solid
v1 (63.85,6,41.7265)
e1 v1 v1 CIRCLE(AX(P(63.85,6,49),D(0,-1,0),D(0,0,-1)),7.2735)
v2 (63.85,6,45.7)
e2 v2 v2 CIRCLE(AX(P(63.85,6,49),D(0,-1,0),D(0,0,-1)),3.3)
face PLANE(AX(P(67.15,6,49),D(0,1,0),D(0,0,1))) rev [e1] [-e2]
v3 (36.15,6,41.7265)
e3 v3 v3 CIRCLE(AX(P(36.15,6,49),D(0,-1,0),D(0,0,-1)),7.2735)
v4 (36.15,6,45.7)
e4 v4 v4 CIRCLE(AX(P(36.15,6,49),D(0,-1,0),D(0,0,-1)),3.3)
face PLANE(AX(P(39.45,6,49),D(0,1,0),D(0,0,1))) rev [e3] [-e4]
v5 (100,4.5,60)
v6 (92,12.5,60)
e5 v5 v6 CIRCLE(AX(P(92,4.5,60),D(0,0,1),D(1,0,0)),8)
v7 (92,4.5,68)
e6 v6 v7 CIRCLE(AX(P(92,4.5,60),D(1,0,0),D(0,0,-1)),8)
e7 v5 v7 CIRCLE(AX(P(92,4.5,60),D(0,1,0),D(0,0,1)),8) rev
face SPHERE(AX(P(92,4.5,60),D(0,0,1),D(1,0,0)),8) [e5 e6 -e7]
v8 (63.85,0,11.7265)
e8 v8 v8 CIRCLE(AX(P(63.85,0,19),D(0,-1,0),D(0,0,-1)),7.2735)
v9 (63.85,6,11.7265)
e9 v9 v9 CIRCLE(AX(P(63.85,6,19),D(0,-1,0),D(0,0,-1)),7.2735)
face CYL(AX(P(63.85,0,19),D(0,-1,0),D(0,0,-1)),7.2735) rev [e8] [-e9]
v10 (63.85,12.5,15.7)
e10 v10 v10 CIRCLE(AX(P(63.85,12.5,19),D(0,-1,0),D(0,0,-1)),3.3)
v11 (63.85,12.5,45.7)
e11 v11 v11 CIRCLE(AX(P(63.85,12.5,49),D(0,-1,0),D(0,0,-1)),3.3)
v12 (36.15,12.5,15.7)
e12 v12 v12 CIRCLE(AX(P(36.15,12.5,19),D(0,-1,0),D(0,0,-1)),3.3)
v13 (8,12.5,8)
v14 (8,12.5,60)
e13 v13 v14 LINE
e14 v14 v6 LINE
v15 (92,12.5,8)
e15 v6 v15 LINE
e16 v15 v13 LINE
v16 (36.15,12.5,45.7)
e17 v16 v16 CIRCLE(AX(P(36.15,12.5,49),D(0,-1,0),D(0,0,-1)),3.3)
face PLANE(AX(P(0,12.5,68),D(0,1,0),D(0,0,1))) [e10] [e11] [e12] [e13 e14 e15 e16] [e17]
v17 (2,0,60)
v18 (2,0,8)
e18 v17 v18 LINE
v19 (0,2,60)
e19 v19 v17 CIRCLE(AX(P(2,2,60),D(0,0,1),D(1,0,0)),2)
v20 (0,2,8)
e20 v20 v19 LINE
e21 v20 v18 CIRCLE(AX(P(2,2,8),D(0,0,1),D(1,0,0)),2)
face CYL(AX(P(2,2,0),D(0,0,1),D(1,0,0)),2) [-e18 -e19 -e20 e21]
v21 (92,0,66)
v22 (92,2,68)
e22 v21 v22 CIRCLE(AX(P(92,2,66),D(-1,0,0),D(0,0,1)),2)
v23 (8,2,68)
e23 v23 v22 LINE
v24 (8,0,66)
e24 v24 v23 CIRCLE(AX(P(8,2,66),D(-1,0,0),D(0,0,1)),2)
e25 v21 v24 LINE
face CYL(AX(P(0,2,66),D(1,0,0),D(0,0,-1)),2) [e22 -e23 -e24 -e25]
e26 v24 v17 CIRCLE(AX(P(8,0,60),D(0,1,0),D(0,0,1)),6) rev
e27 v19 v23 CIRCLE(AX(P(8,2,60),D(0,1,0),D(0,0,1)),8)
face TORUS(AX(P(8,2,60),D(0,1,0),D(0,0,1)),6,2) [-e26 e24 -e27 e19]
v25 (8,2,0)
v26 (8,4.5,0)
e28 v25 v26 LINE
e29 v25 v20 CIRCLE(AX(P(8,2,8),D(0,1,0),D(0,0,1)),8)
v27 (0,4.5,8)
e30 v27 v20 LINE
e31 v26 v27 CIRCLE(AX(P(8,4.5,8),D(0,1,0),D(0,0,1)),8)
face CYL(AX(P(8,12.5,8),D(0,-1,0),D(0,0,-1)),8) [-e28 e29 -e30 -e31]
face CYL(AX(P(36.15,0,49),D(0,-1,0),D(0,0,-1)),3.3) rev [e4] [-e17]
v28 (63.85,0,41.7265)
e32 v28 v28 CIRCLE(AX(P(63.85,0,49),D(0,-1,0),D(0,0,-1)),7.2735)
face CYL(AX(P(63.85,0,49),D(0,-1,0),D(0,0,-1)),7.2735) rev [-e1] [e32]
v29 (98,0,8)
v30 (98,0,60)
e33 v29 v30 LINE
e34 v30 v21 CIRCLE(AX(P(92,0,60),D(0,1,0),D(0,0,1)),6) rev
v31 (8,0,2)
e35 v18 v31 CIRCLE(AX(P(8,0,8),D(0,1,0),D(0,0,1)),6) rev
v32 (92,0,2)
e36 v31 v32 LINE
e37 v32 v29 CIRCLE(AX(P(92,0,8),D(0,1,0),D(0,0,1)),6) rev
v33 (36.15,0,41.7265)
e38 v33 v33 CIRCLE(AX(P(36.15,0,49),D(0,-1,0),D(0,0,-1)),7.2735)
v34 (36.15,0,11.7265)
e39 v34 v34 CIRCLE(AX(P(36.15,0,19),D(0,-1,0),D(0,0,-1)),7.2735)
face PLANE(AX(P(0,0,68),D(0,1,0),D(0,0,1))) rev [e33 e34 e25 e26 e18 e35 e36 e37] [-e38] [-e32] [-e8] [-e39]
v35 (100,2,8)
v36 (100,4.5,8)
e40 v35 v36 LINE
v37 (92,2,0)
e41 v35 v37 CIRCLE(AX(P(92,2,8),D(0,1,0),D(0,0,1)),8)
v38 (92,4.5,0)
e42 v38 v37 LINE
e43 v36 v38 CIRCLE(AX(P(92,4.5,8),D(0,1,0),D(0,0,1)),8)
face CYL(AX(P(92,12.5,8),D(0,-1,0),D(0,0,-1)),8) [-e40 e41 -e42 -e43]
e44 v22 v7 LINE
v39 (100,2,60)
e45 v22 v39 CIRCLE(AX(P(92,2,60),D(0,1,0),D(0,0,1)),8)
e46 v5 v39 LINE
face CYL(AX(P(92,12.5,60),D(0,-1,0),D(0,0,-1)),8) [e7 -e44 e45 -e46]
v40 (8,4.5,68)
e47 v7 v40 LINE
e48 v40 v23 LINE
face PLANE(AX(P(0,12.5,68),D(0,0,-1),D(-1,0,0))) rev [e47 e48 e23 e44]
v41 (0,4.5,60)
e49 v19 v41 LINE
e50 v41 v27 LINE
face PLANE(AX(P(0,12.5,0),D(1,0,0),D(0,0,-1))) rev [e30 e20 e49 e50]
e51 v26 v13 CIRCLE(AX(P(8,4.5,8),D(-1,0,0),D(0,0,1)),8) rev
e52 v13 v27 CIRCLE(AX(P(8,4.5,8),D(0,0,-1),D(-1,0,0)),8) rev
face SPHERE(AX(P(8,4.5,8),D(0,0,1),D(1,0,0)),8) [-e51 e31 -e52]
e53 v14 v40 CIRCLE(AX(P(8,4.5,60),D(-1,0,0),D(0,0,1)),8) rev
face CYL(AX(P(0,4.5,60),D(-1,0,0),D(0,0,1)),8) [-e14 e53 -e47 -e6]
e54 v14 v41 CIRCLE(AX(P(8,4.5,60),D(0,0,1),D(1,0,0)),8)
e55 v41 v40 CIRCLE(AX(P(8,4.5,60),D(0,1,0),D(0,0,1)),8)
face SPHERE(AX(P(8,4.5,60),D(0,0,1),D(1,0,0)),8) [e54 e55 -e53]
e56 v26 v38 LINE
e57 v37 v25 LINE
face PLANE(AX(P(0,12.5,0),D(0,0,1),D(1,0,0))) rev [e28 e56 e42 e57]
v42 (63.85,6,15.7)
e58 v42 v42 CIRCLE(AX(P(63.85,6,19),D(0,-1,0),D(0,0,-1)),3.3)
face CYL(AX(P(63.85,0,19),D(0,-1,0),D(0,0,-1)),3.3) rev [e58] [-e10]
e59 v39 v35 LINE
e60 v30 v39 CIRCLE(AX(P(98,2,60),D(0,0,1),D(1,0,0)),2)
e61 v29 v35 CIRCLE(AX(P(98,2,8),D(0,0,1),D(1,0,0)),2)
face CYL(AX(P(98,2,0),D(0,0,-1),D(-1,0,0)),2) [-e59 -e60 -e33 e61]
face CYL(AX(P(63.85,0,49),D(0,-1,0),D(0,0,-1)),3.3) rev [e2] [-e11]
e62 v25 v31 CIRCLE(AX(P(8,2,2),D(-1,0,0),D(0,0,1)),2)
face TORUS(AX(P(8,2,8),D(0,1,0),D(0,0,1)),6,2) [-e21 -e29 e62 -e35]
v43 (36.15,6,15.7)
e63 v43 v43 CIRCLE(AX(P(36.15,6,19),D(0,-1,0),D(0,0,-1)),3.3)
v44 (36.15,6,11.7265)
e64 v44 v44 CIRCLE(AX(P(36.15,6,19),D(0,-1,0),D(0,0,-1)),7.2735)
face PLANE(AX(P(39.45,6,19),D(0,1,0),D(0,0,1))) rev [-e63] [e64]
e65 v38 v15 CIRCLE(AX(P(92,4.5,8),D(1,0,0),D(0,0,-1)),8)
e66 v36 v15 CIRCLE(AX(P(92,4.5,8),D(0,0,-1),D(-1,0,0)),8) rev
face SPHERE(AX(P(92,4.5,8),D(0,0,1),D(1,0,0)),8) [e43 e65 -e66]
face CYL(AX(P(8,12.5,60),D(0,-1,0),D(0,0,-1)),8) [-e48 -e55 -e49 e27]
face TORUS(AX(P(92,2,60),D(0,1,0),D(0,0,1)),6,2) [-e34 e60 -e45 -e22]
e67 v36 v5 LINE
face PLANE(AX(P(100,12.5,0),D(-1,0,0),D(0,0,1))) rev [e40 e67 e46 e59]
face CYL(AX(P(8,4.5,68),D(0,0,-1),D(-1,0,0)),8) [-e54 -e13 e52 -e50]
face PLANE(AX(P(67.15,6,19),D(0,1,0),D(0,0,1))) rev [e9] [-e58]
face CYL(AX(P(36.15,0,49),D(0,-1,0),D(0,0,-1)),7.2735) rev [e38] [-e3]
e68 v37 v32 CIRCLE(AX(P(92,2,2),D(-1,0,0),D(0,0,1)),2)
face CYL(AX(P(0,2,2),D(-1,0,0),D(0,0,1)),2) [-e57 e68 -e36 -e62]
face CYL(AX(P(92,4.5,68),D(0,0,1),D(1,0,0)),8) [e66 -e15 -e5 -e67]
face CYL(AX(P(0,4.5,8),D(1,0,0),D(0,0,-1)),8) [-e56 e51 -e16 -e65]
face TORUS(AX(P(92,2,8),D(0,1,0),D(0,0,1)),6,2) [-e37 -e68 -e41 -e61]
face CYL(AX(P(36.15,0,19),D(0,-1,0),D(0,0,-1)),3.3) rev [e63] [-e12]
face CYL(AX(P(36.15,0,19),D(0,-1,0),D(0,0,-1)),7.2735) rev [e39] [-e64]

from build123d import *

# Parameters (mm, degrees)
SKETCH1_W                                    = 100
SKETCH1_H                                    = 68
BOSS_EXTRUDE1_DEPTH                          = 12.5
CBORE_FOR_M6_HEX_HEAD_CAP_SCREW1_D           = 6.6
CBORE_FOR_M6_HEX_HEAD_CAP_SCREW1_CBORE_D     = 14.547
CBORE_FOR_M6_HEX_HEAD_CAP_SCREW1_CBORE_DEPTH = 6
FILLET1_R                                    = 8
FILLET2_R                                    = 2


with BuildPart() as part:
    # Sketch1 → Boss-Extrude1 (new body)
    with BuildSketch(Plane(origin=(0, 0, 0), x_dir=(1, 0, 0), z_dir=(0, 1, 0))):
        with Locations((50, -34)):
            Rectangle(SKETCH1_W, SKETCH1_H)
    extrude(amount=BOSS_EXTRUDE1_DEPTH)

    # CBORE for M6 Hex Head Cap Screw1 (through all)
    with Locations(Plane(origin=(36.15, 0, 49), x_dir=(0, 0, -1), z_dir=(0, -1, 0))):
        with Locations((0, 0), (30, 0), (0, 27.7), (30, 27.7)):
            CounterBoreHole(CBORE_FOR_M6_HEX_HEAD_CAP_SCREW1_D / 2, CBORE_FOR_M6_HEX_HEAD_CAP_SCREW1_CBORE_D / 2, CBORE_FOR_M6_HEX_HEAD_CAP_SCREW1_CBORE_DEPTH)

    # Fillet1
    fillet1_edges = [part.edges().sort_by_distance(p)[0] for p in [
        (100, 12.5, 34),
        (50, 12.5, 0),
        (0, 12.5, 34),
        (50, 12.5, 68),
        (0, 6.25, 0),
        (100, 6.25, 0),
        (100, 6.25, 68),
        (0, 6.25, 68),
    ]]
    fillet(fillet1_edges, radius=FILLET1_R)

    # Fillet2
    fillet2_edges = [part.edges().sort_by_distance(p)[0] for p in [
        (100, 0, 34),
        (0, 0, 34),
        (50, 0, 0),
        (50, 0, 68),
        (97.656854249, 0, 2.343145751),
        (2.343145751, 0, 65.656854249),
        (2.343145751, 0, 2.343145751),
        (97.656854249, 0, 65.656854249),
    ]]
    fillet(fillet2_edges, radius=FILLET2_R)


solid = part.part
